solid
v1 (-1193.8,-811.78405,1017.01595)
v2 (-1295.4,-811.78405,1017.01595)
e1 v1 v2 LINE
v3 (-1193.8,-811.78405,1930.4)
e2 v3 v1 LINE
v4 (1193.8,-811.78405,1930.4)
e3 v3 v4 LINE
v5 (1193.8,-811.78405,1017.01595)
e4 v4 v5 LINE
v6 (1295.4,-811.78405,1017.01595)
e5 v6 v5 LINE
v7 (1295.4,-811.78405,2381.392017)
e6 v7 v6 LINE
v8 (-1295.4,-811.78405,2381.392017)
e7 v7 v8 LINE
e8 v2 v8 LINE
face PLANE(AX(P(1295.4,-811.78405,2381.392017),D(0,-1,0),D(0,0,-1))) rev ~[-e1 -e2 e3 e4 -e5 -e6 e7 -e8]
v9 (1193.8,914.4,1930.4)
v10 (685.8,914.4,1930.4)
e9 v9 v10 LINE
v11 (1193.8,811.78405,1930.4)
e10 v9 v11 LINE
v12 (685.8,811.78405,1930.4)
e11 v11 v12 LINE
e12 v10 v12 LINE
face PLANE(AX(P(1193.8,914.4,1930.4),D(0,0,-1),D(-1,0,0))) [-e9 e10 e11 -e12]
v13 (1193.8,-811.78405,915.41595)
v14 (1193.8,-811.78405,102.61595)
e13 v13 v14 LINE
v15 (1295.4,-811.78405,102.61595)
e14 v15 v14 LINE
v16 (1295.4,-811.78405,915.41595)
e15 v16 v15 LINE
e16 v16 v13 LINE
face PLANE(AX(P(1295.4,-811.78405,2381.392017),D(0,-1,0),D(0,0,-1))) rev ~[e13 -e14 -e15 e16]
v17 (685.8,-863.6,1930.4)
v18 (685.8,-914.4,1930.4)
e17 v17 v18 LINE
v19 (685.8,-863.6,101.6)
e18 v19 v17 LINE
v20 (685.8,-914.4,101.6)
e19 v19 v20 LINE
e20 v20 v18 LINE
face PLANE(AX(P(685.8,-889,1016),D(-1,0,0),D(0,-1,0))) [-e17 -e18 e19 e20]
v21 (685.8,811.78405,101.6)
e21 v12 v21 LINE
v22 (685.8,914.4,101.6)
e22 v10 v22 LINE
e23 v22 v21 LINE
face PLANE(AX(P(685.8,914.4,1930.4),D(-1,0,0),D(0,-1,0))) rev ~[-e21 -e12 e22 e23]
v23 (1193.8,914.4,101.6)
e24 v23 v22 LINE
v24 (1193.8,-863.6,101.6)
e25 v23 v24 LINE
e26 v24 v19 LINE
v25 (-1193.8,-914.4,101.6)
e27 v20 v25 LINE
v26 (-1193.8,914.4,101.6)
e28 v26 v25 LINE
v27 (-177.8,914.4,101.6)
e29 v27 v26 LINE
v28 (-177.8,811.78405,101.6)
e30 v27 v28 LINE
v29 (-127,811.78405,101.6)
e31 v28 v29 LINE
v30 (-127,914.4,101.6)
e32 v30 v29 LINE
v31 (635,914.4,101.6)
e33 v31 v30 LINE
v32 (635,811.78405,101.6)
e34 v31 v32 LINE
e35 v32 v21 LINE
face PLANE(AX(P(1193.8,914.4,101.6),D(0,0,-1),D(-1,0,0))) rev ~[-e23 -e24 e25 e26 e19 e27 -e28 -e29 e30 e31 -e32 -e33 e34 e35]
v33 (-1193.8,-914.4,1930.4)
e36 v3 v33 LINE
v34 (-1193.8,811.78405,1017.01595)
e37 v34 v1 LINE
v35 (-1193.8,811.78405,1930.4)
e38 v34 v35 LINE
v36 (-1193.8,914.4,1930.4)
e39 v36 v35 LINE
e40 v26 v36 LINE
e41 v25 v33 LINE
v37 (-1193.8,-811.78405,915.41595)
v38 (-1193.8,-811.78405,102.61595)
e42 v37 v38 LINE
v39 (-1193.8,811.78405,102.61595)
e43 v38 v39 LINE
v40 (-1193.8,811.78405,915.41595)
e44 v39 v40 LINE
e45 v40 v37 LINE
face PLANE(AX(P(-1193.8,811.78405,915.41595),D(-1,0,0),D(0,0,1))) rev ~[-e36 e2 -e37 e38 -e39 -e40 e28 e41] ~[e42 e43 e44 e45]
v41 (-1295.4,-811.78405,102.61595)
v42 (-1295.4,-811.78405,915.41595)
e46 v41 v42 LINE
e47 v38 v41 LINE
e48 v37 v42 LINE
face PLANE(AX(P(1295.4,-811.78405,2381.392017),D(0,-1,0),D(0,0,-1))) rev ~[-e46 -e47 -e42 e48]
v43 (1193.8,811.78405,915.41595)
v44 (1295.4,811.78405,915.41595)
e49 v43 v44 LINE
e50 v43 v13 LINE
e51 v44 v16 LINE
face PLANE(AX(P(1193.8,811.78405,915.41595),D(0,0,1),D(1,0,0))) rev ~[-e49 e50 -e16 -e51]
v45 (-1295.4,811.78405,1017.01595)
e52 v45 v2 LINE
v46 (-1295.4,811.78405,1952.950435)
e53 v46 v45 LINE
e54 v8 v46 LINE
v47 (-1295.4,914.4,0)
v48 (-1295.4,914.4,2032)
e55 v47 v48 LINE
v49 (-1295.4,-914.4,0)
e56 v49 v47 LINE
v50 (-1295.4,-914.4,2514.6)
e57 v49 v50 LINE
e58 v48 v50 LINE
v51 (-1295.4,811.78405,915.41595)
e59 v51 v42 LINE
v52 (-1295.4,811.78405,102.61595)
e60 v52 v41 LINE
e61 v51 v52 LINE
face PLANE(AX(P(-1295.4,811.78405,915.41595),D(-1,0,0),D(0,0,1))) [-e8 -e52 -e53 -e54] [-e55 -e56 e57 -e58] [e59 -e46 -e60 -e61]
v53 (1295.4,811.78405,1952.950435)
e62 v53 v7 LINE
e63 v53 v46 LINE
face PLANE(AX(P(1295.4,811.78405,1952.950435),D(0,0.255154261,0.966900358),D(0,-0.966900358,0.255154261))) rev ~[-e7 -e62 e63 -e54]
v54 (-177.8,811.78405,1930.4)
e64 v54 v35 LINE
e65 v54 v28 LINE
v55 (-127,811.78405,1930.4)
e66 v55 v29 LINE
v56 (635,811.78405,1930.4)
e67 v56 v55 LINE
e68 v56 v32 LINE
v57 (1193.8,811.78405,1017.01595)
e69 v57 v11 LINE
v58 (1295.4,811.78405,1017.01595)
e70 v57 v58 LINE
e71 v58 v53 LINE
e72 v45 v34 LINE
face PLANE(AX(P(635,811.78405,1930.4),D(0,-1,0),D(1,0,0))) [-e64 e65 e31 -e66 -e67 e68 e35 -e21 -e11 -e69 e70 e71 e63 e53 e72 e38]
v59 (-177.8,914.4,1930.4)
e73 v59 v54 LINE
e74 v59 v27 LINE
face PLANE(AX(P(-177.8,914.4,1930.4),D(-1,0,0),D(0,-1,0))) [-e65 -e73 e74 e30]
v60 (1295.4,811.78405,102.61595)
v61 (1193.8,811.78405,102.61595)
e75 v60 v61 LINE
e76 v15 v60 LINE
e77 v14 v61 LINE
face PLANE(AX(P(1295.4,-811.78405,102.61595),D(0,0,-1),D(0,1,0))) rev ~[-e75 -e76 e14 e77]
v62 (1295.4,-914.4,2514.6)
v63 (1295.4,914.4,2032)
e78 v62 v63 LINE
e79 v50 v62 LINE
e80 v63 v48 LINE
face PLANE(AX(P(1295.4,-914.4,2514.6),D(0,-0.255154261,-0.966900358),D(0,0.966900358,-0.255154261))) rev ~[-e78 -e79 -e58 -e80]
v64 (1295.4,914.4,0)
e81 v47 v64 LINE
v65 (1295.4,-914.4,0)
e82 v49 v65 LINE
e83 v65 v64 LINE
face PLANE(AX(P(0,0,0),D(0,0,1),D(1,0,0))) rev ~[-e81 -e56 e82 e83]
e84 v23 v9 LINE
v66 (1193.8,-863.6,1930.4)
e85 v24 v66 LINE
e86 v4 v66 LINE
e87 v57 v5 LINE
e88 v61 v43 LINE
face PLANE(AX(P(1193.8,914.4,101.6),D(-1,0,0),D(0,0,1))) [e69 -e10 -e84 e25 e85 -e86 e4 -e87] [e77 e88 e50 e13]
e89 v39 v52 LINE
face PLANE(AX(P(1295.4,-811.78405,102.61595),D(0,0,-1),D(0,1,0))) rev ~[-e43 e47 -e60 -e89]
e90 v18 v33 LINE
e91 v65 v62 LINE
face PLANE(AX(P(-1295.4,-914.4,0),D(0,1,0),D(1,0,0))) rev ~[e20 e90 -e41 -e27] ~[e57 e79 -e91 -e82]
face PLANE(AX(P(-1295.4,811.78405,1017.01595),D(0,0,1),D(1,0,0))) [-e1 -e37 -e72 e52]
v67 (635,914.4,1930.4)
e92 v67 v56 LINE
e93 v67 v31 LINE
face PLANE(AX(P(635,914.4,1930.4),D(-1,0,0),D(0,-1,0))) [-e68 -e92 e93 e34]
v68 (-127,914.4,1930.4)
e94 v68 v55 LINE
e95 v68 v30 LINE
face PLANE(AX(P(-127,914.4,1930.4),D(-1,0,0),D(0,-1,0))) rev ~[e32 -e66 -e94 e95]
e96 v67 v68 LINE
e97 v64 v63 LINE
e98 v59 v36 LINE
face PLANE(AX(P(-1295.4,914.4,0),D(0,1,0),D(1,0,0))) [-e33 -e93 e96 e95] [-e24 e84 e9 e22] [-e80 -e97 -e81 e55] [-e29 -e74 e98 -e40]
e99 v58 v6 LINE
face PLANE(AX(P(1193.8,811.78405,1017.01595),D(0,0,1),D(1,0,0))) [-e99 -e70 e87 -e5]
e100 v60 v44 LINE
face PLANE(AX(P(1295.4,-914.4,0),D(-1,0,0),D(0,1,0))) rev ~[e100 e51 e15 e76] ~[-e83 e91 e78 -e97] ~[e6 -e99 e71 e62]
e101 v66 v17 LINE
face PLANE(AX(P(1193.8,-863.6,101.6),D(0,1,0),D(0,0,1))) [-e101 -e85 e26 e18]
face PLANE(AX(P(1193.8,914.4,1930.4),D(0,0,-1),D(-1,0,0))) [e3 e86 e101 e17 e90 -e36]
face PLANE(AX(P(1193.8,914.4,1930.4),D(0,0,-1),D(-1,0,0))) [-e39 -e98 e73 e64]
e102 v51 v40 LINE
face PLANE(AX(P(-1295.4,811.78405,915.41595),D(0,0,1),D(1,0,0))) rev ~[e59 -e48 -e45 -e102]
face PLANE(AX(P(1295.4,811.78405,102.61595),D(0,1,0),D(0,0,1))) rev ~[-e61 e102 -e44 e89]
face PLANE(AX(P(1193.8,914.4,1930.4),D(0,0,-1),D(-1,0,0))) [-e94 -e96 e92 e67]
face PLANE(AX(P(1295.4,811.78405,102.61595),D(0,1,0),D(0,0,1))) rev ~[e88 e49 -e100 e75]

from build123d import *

# Parameters (mm, degrees)
F0_W      = 2590.8
F0_H      = 1828.8
F1_DEPTH  = 2514.6
F3_DEPTH  = 2590.801
F5_DEPTH  = 2590.801
F6_W      = 2387.6
F6_H      = 1828.8
F7_DEPTH  = 1828.801
F8_W      = 101.6
F8_H      = 101.6
F9_DEPTH  = 1625.6
F10_W     = 50.8
F10_H     = 1828.8
F11_DEPTH = 508
F12_W     = 50.8
F12_H     = 102.61595
F13_DEPTH = 1828.8


with BuildPart() as f1:
    # F0 (on Top) → F1 (new body)
    with BuildSketch(Plane.XY):
        Rectangle(F0_W, F0_H)
    extrude(amount=F1_DEPTH)

    # F2 (on face) → F3 (cut, through all)
    with BuildSketch(Plane.YZ.offset(1295.4)):
        Polygon((914.4, 2514.6), (-914.4, 2514.6), (914.4, 2032), align=None)
    extrude(amount=-F3_DEPTH, mode=Mode.SUBTRACT)

    # F4 (on face) → F5 (cut, through all)
    with BuildSketch(Plane.YZ.offset(1295.4)):
        Polygon((811.78405, 102.61595), (811.78405, 1952.950435), (-811.78405, 2381.392017), (-811.78405, 102.61595), align=None)
    extrude(amount=-F5_DEPTH, mode=Mode.SUBTRACT)

    # F6 (on face) → F7 (cut, through all)
    with BuildSketch(Plane(origin=(0, 914.4, 0), x_dir=(-1, 0, 0), z_dir=(0, 1, 0))):
        with Locations((0, 1016)):
            Rectangle(F6_W, F6_H)
    extrude(amount=-F7_DEPTH, mode=Mode.SUBTRACT)

    # F8 (on face) → F9 (join)
    with BuildSketch(Plane.XZ.offset(-811.78405)):
        with Locations((-1244.6, 966.21595)):
            Rectangle(F8_W, F8_H)
        with Locations((1244.6, 966.21595)):
            Rectangle(F8_W, F8_H)
    extrude(amount=F9_DEPTH)

    # F10 (on face) → F11 (join)
    with BuildSketch(Plane(origin=(1193.8, 0, 0), x_dir=(0, -1, 0), z_dir=(-1, 0, 0))):
        with Locations((889, 1016)):
            Rectangle(F10_W, F10_H)
    extrude(amount=F11_DEPTH)

    # F12 (on face) → F13 (join)
    with BuildSketch(Plane(origin=(0, 0, 1930.4), x_dir=(1, 0, 0), z_dir=(0, 0, -1))):
        with Locations((660.4, -863.092025)):
            Rectangle(F12_W, F12_H)
        with Locations((-152.4, -863.092025)):
            Rectangle(F12_W, F12_H)
    extrude(amount=F13_DEPTH)


solid = f1.part
